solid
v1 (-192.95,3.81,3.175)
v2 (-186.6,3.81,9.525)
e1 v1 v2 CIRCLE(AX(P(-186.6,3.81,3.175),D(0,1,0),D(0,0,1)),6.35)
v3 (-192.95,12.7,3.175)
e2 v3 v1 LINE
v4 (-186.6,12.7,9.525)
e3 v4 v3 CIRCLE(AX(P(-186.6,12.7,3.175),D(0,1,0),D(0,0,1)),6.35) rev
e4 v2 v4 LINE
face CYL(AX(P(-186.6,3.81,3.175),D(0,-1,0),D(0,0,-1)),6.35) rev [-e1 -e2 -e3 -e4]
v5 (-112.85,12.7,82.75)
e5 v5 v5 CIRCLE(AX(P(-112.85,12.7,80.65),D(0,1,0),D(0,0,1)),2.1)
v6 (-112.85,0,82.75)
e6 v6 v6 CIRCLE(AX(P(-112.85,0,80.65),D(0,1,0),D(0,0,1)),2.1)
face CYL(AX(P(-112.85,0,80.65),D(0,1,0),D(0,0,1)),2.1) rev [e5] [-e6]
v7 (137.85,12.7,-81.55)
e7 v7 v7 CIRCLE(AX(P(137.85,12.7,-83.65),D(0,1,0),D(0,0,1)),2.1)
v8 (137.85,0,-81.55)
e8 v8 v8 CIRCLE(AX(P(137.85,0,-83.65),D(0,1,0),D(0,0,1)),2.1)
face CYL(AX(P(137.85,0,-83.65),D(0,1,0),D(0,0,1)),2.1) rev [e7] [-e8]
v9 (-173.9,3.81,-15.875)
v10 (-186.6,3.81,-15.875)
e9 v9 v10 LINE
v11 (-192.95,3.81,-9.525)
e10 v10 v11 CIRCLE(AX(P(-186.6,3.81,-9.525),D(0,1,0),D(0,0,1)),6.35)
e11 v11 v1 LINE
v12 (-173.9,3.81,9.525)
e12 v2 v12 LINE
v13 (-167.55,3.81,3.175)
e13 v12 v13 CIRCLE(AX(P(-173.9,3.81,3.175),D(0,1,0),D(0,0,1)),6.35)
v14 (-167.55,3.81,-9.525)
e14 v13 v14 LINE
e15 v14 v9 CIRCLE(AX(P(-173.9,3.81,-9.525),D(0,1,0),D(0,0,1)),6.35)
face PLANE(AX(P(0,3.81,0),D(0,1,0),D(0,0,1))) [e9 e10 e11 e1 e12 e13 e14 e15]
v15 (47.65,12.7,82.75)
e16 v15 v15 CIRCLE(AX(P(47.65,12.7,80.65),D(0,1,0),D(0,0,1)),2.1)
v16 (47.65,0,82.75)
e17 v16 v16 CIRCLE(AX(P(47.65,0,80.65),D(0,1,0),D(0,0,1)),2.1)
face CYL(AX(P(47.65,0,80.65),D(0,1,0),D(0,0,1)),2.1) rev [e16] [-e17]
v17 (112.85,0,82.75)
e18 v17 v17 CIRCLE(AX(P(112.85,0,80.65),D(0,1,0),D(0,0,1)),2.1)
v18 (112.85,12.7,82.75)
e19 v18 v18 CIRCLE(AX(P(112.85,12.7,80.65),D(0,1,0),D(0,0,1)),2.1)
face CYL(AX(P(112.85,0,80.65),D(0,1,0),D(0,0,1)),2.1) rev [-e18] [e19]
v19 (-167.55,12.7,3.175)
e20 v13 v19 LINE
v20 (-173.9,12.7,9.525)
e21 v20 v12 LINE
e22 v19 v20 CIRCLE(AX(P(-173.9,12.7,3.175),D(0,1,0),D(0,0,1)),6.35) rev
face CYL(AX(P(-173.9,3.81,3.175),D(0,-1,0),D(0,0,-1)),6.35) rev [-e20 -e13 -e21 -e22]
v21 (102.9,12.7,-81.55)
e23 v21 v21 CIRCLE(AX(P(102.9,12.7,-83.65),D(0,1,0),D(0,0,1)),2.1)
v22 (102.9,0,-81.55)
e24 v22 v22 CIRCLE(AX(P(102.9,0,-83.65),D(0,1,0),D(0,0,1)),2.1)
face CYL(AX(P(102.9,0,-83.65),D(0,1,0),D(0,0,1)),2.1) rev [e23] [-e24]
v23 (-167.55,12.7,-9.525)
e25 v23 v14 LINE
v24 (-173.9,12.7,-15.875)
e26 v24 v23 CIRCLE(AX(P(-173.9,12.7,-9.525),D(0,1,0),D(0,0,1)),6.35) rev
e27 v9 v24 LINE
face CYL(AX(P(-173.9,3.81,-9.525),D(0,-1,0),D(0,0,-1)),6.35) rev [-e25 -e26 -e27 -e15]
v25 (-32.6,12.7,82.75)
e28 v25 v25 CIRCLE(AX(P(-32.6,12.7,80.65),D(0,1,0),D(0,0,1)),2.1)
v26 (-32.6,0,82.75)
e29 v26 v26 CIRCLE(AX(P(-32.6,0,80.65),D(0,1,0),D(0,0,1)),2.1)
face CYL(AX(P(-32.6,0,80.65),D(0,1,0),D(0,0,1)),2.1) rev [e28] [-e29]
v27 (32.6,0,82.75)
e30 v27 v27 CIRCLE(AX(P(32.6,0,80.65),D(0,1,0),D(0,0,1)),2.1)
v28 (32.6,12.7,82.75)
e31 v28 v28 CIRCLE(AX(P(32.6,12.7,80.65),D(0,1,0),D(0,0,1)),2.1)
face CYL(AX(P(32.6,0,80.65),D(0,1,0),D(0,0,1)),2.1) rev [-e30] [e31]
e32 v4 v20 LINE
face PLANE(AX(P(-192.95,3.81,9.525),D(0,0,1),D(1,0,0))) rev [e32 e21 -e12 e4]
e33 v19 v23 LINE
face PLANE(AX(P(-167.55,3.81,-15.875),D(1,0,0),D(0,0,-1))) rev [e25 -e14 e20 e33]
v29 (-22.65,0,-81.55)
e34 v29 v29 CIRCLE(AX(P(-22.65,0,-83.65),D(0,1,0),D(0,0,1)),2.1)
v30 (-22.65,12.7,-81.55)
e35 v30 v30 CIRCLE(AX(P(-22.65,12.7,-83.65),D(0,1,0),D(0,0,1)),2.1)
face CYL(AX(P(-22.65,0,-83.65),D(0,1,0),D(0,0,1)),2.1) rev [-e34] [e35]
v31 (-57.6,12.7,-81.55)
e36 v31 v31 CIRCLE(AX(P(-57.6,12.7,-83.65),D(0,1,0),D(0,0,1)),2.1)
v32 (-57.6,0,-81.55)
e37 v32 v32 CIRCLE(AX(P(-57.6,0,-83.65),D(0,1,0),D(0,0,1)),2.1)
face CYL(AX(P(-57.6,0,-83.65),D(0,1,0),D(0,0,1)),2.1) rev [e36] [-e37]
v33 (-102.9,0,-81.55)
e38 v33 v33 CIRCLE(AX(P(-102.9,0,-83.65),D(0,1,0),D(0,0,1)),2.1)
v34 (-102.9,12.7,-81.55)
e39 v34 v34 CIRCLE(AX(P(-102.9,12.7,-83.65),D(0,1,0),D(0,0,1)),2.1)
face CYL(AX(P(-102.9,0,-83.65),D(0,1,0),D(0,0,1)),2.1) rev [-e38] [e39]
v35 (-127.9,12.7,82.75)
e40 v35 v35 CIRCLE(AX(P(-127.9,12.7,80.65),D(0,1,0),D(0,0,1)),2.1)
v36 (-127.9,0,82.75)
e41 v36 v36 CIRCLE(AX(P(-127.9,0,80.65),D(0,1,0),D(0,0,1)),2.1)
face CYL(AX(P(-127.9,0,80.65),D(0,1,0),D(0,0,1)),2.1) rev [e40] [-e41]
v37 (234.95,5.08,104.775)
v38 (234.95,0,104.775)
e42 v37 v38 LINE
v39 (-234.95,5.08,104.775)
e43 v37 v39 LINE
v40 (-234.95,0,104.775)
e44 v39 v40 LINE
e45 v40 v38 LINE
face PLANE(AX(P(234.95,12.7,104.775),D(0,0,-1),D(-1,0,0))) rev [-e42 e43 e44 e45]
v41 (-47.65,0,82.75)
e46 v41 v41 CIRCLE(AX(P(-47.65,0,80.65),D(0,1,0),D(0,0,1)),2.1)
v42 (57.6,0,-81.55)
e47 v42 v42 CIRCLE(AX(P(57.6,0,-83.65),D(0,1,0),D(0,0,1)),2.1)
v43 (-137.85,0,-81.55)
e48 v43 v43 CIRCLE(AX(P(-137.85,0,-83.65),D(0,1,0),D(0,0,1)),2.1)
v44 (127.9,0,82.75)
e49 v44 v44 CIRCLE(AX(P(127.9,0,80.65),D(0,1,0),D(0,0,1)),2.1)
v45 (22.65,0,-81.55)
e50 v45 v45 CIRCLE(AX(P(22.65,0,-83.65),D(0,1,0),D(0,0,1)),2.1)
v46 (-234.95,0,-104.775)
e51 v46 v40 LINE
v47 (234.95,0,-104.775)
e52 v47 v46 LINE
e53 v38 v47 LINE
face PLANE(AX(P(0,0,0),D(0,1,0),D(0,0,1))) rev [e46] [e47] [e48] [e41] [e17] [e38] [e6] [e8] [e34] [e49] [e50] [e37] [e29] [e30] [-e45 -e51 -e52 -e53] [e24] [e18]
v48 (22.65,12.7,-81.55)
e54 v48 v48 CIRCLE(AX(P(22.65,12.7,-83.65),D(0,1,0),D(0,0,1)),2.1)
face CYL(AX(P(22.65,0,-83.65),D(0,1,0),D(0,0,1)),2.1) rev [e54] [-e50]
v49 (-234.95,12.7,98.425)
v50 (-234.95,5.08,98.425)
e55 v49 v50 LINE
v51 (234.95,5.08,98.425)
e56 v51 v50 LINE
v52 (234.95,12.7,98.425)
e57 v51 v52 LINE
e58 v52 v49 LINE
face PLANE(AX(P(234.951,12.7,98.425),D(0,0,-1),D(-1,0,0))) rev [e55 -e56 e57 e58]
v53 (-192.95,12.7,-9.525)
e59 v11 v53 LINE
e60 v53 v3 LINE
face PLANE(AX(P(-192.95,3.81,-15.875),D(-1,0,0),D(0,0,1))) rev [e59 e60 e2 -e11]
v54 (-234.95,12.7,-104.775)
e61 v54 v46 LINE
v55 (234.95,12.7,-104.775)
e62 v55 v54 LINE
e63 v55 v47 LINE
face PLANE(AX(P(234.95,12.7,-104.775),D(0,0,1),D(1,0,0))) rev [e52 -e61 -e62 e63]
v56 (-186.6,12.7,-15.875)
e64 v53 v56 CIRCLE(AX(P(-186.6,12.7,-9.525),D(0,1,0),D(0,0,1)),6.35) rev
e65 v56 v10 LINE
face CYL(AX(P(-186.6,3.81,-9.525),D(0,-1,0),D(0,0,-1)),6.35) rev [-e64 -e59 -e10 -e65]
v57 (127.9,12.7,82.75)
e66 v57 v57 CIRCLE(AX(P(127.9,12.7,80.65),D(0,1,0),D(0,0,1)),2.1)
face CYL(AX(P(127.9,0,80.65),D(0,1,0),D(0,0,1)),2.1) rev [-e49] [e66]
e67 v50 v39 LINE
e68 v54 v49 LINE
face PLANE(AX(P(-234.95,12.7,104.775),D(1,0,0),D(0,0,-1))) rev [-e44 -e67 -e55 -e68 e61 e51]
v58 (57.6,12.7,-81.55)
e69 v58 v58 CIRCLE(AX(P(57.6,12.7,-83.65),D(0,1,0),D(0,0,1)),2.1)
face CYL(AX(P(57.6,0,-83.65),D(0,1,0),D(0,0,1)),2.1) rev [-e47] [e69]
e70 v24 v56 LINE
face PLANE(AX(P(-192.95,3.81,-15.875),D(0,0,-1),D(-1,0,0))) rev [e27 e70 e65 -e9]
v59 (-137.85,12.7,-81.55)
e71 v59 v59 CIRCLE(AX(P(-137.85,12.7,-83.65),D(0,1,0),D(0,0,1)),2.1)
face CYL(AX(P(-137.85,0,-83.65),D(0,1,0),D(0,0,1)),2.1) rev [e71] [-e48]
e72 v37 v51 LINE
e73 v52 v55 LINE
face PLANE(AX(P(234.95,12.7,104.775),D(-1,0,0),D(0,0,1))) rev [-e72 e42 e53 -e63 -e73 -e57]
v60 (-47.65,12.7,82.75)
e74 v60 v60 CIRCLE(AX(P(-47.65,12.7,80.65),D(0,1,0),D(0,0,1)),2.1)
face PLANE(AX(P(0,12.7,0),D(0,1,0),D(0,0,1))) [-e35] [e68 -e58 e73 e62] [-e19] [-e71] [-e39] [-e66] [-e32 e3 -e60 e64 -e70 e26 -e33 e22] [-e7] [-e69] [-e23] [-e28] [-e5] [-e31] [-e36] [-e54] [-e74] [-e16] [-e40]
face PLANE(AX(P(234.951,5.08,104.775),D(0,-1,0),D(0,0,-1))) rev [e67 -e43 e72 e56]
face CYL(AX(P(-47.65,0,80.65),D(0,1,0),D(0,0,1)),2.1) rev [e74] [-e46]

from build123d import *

# Parameters (mm, degrees)
SKETCH3_W           = 469.9
SKETCH3_H           = 209.55
BOSS_EXTRUDE1_DEPTH = 12.7
SKETCH4_R           = 2.1
CUT_EXTRUDE3_DEPTH  = 258.566677047
SKETCH5_R           = 2.1
CUT_EXTRUDE4_DEPTH  = 258.566677047
SKETCH7_W           = 25.4
SKETCH7_H           = 25.4
CUT_EXTRUDE5_DEPTH  = 8.89
CUT_EXTRUDE6_REACH  = 483.607
SKETCH8_W           = 6.35
SKETCH8_H           = 7.62
FILLET1_R           = 6.35


with BuildPart() as part:
    # Sketch3 → Boss-Extrude1 (new body)
    with BuildSketch(Plane(origin=(0, 0, 0), x_dir=(1, 0, 0), z_dir=(0, 1, 0))):
        Rectangle(SKETCH3_W, SKETCH3_H)
    extrude(amount=BOSS_EXTRUDE1_DEPTH)

    # Sketch4 → Cut-Extrude3 (cut, through all)
    with BuildSketch(Plane(origin=(0, 12.7, 0), x_dir=(1, 0, 0), z_dir=(0, 1, 0))):
        with Locations(Location((-102.9, 83.65, 0), (0, 0, 270))):
            Circle(SKETCH4_R)
        with Locations(Location((-22.65, 83.65, 0), (0, 0, 270))):
            Circle(SKETCH4_R)
        with Locations(Location((57.6, 83.65, 0), (0, 0, 270))):
            Circle(SKETCH4_R)
        with Locations(Location((137.85, 83.65, 0), (0, 0, 270))):
            Circle(SKETCH4_R)
        with Locations(Location((112.85, -80.65, 0), (0, 0, 270))):
            Circle(SKETCH4_R)
        with Locations(Location((32.6, -80.65, 0), (0, 0, 270))):
            Circle(SKETCH4_R)
        with Locations(Location((-47.65, -80.65, 0), (0, 0, 270))):
            Circle(SKETCH4_R)
        with Locations(Location((-127.9, -80.65, 0), (0, 0, 270))):
            Circle(SKETCH4_R)
    extrude(amount=-CUT_EXTRUDE3_DEPTH, mode=Mode.SUBTRACT)

    # Sketch5 → Cut-Extrude4 (cut, through all)
    with BuildSketch(Plane(origin=(0, 12.7, 0), x_dir=(1, 0, 0), z_dir=(0, 1, 0))):
        with Locations(Location((-137.85, 83.65, 0), (0, 0, 270))):
            Circle(SKETCH5_R)
        with Locations(Location((-57.6, 83.65, 0), (0, 0, 270))):
            Circle(SKETCH5_R)
        with Locations(Location((22.65, 83.65, 0), (0, 0, 270))):
            Circle(SKETCH5_R)
        with Locations(Location((102.9, 83.65, 0), (0, 0, 270))):
            Circle(SKETCH5_R)
        with Locations(Location((-112.85, -80.65, 0), (0, 0, 270))):
            Circle(SKETCH5_R)
        with Locations(Location((-32.6, -80.65, 0), (0, 0, 270))):
            Circle(SKETCH5_R)
        with Locations(Location((47.65, -80.65, 0), (0, 0, 270))):
            Circle(SKETCH5_R)
        with Locations(Location((127.9, -80.65, 0), (0, 0, 270))):
            Circle(SKETCH5_R)
    extrude(amount=-CUT_EXTRUDE4_DEPTH, mode=Mode.SUBTRACT)

    # Sketch7 → Cut-Extrude5 (cut)
    with BuildSketch(Plane(origin=(0, 12.7, 0), x_dir=(1, 0, 0), z_dir=(0, 1, 0))):
        with Locations((-180.25, 3.175)):
            Rectangle(SKETCH7_W, SKETCH7_H)
    extrude(amount=-CUT_EXTRUDE5_DEPTH, mode=Mode.SUBTRACT)

    # Sketch8 → Cut-Extrude6 (cut, up to next)
    with BuildSketch(Plane.ZY.offset(234.95), mode=Mode.PRIVATE) as cut_extrude6_sk1:
        with Locations((101.6, 8.89)):
            Rectangle(SKETCH8_W, SKETCH8_H)
    cut_extrude6_tool1 = extrude(cut_extrude6_sk1.sketch, amount=-CUT_EXTRUDE6_REACH, mode=Mode.PRIVATE) & part.part
    add(cut_extrude6_tool1.solids().sort_by_distance((-234.95, 8.89, 101.6))[0], mode=Mode.SUBTRACT)

    # Fillet1
    fillet1_edges = [part.edges().sort_by_distance(p)[0] for p in [
        (-167.55, 8.255, -15.875),
        (-167.55, 8.255, 9.525),
        (-192.95, 8.255, 9.525),
        (-192.95, 8.255, -15.875),
    ]]
    fillet(fillet1_edges, radius=FILLET1_R)


solid = part.part
